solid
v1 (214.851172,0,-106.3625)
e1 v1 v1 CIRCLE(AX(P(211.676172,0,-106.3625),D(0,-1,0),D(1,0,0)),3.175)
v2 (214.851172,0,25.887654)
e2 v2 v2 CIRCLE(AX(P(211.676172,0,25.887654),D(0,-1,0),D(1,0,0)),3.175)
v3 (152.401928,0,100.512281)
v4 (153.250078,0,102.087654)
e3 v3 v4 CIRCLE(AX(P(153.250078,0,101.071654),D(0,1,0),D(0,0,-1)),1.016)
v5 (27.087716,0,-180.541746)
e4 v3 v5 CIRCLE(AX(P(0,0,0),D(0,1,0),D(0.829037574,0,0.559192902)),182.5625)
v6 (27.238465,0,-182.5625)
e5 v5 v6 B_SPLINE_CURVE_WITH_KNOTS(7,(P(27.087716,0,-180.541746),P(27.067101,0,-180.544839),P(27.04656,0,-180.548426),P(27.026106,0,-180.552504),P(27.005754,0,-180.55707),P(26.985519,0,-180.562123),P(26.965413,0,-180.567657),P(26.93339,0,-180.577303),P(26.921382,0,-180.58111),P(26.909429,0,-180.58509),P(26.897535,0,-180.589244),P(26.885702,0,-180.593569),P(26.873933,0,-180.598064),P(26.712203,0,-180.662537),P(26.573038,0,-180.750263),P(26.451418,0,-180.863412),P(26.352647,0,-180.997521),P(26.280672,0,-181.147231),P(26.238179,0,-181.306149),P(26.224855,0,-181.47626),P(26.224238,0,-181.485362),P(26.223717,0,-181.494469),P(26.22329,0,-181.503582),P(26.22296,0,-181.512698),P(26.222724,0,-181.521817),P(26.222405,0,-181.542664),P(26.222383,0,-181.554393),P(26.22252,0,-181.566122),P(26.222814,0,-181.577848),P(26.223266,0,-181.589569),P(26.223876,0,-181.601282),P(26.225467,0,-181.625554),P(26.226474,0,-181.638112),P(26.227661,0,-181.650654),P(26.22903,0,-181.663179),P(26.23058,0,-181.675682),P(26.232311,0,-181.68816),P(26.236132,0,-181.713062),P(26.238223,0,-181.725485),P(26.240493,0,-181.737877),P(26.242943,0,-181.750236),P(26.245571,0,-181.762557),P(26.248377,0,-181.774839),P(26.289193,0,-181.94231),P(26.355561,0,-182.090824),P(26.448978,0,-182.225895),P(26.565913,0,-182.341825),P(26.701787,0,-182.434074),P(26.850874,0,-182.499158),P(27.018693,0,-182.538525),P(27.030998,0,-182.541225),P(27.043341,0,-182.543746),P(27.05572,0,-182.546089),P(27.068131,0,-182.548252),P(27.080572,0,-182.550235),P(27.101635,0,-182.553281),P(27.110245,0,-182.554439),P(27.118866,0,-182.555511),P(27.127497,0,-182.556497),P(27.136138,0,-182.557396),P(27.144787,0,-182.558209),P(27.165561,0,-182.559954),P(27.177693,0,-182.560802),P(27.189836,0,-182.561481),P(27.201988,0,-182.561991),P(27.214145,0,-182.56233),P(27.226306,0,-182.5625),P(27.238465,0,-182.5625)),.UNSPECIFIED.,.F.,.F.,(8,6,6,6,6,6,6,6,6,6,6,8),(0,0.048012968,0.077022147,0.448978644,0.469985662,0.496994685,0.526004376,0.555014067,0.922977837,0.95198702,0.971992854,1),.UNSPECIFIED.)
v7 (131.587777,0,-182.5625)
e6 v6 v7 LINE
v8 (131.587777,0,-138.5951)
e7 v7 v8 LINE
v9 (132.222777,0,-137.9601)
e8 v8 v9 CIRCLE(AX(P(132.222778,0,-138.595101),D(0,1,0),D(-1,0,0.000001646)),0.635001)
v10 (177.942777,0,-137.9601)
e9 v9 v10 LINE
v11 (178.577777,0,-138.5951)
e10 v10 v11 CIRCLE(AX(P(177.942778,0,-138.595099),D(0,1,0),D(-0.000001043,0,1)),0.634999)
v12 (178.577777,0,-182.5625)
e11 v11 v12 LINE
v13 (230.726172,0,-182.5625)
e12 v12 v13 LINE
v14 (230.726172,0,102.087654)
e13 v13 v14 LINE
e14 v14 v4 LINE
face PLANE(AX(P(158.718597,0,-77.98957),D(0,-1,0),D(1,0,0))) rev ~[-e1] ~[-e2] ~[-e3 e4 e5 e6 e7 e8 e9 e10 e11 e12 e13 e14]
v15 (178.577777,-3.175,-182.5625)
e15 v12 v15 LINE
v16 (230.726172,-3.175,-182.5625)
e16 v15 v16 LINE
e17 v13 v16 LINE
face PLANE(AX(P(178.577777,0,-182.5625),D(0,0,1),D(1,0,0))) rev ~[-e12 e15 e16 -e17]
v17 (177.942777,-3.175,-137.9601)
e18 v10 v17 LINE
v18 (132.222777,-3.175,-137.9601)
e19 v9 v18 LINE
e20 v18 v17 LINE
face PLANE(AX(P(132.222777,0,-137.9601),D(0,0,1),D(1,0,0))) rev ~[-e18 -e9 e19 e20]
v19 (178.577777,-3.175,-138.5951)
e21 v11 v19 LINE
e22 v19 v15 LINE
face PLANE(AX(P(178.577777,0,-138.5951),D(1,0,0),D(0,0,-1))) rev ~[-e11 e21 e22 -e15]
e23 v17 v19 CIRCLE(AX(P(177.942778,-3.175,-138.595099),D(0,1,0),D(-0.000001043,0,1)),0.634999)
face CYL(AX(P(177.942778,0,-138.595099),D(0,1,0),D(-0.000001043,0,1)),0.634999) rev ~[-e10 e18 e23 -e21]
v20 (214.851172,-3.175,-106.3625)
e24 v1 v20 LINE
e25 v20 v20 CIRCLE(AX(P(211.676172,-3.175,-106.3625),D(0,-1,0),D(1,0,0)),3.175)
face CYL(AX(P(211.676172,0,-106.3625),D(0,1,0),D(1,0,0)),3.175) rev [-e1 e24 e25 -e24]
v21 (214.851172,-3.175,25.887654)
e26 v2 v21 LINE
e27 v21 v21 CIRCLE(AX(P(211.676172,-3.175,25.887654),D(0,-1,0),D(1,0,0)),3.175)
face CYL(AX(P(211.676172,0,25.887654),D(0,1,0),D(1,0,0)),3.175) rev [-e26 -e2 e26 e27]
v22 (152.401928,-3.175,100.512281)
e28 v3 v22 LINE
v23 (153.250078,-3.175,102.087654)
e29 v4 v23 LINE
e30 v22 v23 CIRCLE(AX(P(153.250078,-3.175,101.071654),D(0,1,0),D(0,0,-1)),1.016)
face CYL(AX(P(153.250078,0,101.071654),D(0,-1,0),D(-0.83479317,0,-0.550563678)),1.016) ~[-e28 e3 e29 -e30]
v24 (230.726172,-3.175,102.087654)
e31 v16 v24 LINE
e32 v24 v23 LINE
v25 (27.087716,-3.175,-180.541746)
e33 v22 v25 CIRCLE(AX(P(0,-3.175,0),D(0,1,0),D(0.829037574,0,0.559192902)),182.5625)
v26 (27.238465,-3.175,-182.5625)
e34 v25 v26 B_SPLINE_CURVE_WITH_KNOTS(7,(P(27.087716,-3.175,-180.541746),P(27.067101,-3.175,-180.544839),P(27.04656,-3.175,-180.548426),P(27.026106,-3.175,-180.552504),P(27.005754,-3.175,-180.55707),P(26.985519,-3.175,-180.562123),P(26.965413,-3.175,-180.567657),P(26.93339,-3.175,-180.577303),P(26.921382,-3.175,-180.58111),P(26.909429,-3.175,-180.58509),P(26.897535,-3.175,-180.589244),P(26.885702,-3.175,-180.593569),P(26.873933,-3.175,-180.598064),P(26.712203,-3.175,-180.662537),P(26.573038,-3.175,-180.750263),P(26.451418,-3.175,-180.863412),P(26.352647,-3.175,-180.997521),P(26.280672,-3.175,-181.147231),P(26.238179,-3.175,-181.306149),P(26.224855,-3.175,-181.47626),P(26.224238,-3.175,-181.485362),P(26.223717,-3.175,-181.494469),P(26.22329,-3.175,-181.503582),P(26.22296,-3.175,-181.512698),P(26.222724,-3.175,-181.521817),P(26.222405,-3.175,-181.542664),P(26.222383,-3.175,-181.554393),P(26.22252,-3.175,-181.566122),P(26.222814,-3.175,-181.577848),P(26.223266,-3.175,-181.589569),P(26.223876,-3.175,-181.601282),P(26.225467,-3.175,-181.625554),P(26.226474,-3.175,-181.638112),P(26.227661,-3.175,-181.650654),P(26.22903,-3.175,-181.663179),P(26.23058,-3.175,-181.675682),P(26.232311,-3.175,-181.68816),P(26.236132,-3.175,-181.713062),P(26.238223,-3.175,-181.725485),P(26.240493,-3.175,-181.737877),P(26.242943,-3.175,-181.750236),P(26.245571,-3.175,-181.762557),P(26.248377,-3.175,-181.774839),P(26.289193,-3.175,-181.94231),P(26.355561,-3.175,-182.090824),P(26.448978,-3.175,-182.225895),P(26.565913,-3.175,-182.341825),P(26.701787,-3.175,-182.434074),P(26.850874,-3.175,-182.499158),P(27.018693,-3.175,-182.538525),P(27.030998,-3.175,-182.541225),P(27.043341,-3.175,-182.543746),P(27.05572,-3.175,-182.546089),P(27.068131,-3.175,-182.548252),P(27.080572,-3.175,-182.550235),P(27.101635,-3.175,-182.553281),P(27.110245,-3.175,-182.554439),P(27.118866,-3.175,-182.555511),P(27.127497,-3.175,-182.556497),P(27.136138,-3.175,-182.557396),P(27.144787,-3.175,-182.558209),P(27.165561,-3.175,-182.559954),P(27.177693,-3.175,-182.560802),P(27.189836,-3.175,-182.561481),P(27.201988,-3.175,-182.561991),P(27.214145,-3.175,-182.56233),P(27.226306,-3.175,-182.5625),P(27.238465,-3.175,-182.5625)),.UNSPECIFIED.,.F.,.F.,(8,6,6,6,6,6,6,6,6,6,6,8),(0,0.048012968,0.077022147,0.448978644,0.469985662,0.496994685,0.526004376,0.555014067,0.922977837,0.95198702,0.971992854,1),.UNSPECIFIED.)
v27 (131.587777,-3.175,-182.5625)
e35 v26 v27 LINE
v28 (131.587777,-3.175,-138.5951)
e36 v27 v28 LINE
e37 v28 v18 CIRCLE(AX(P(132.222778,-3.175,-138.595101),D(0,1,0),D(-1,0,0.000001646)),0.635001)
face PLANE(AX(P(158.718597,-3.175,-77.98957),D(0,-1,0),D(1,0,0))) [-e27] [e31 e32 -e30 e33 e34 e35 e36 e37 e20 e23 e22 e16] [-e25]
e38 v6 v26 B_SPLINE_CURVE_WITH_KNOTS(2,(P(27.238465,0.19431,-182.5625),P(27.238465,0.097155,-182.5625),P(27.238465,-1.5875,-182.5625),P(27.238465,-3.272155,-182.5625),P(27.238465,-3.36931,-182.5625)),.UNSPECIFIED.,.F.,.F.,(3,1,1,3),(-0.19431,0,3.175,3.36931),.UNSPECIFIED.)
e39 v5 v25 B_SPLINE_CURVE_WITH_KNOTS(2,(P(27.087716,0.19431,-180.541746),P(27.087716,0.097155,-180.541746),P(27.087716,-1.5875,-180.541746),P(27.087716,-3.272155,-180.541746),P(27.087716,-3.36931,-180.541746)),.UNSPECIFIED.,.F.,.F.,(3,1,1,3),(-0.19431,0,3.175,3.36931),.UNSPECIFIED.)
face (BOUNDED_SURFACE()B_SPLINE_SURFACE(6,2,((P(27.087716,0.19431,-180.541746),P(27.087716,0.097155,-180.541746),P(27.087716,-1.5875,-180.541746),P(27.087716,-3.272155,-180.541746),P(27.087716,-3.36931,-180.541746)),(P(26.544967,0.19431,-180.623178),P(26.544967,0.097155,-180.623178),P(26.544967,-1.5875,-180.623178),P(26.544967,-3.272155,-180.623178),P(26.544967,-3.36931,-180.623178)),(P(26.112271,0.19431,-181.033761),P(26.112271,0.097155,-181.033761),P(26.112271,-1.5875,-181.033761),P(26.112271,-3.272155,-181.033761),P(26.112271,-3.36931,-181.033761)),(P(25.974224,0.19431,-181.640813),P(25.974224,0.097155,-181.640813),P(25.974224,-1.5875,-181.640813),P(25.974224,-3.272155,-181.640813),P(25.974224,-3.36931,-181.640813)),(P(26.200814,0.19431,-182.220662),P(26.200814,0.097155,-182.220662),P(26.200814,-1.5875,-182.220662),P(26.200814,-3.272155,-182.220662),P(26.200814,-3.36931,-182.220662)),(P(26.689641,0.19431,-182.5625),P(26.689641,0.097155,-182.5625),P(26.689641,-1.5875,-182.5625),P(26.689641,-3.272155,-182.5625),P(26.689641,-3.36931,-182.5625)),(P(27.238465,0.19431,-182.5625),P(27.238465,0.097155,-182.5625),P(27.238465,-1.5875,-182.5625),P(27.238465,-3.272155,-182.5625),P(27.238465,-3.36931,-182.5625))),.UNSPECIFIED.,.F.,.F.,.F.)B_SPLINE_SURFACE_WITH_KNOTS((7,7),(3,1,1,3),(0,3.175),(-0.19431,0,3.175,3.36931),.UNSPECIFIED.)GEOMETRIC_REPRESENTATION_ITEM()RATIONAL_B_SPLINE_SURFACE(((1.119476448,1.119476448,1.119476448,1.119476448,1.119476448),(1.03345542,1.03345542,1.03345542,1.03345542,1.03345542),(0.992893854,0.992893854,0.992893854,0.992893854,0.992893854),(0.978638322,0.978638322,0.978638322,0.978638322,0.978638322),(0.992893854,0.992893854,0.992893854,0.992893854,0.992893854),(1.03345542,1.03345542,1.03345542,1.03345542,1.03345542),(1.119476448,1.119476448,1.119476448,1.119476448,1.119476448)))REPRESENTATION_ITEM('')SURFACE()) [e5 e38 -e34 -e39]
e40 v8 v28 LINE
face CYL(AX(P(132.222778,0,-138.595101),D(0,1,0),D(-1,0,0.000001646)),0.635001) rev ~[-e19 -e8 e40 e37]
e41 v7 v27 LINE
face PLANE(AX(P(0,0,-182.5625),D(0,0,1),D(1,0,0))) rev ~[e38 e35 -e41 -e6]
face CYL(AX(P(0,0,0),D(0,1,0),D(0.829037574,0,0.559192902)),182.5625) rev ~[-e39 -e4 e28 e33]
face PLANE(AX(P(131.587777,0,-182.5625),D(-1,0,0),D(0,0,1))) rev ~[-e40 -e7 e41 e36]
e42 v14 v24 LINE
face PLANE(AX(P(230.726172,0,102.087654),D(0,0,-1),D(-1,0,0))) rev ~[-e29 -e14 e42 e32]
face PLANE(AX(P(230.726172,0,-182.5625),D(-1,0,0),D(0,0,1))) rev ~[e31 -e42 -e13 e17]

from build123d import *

# Parameters (mm, degrees)
F0_R     = 3.175
F1_DEPTH = 3.175
F3_R     = 1.016


with BuildPart() as f1:
    # F0 (on Front) → F1 (new body)
    with BuildSketch(Plane.XZ):
        with BuildLine():
            ThreePointArc((151.351172, 102.087654), (161.19312, -85.707902), (0, -182.5625))
            Line((0, -182.5625), (131.587777, -182.5625))
            Line((131.587777, -182.5625), (131.587777, -138.5951))
            ThreePointArc((131.587777, -138.5951), (131.773765, -138.146087), (132.222777, -137.9601))
            Line((132.222777, -137.9601), (177.942777, -137.9601))
            ThreePointArc((177.942777, -137.9601), (178.39179, -138.146087), (178.577777, -138.5951))
            Line((178.577777, -138.5951), (178.577777, -182.5625))
            Line((178.577777, -182.5625), (230.726172, -182.5625))
            Line((230.726172, -182.5625), (230.726172, 102.087654))
            Line((230.726172, 102.087654), (151.351172, 102.087654))
        make_face()
        with Locations((211.676172, -106.3625)):
            Circle(F0_R, mode=Mode.SUBTRACT)
        with Locations((211.676172, 25.887654)):
            Circle(F0_R, mode=Mode.SUBTRACT)
    extrude(amount=F1_DEPTH)

    # F3
    f3_edges = [f1.edges().sort_by_distance(p)[0] for p in [
        (151.351172, -1.5875, 102.087654),
        (0, -1.5875, -182.5625),
    ]]
    fillet(f3_edges, radius=F3_R)


solid = f1.part
